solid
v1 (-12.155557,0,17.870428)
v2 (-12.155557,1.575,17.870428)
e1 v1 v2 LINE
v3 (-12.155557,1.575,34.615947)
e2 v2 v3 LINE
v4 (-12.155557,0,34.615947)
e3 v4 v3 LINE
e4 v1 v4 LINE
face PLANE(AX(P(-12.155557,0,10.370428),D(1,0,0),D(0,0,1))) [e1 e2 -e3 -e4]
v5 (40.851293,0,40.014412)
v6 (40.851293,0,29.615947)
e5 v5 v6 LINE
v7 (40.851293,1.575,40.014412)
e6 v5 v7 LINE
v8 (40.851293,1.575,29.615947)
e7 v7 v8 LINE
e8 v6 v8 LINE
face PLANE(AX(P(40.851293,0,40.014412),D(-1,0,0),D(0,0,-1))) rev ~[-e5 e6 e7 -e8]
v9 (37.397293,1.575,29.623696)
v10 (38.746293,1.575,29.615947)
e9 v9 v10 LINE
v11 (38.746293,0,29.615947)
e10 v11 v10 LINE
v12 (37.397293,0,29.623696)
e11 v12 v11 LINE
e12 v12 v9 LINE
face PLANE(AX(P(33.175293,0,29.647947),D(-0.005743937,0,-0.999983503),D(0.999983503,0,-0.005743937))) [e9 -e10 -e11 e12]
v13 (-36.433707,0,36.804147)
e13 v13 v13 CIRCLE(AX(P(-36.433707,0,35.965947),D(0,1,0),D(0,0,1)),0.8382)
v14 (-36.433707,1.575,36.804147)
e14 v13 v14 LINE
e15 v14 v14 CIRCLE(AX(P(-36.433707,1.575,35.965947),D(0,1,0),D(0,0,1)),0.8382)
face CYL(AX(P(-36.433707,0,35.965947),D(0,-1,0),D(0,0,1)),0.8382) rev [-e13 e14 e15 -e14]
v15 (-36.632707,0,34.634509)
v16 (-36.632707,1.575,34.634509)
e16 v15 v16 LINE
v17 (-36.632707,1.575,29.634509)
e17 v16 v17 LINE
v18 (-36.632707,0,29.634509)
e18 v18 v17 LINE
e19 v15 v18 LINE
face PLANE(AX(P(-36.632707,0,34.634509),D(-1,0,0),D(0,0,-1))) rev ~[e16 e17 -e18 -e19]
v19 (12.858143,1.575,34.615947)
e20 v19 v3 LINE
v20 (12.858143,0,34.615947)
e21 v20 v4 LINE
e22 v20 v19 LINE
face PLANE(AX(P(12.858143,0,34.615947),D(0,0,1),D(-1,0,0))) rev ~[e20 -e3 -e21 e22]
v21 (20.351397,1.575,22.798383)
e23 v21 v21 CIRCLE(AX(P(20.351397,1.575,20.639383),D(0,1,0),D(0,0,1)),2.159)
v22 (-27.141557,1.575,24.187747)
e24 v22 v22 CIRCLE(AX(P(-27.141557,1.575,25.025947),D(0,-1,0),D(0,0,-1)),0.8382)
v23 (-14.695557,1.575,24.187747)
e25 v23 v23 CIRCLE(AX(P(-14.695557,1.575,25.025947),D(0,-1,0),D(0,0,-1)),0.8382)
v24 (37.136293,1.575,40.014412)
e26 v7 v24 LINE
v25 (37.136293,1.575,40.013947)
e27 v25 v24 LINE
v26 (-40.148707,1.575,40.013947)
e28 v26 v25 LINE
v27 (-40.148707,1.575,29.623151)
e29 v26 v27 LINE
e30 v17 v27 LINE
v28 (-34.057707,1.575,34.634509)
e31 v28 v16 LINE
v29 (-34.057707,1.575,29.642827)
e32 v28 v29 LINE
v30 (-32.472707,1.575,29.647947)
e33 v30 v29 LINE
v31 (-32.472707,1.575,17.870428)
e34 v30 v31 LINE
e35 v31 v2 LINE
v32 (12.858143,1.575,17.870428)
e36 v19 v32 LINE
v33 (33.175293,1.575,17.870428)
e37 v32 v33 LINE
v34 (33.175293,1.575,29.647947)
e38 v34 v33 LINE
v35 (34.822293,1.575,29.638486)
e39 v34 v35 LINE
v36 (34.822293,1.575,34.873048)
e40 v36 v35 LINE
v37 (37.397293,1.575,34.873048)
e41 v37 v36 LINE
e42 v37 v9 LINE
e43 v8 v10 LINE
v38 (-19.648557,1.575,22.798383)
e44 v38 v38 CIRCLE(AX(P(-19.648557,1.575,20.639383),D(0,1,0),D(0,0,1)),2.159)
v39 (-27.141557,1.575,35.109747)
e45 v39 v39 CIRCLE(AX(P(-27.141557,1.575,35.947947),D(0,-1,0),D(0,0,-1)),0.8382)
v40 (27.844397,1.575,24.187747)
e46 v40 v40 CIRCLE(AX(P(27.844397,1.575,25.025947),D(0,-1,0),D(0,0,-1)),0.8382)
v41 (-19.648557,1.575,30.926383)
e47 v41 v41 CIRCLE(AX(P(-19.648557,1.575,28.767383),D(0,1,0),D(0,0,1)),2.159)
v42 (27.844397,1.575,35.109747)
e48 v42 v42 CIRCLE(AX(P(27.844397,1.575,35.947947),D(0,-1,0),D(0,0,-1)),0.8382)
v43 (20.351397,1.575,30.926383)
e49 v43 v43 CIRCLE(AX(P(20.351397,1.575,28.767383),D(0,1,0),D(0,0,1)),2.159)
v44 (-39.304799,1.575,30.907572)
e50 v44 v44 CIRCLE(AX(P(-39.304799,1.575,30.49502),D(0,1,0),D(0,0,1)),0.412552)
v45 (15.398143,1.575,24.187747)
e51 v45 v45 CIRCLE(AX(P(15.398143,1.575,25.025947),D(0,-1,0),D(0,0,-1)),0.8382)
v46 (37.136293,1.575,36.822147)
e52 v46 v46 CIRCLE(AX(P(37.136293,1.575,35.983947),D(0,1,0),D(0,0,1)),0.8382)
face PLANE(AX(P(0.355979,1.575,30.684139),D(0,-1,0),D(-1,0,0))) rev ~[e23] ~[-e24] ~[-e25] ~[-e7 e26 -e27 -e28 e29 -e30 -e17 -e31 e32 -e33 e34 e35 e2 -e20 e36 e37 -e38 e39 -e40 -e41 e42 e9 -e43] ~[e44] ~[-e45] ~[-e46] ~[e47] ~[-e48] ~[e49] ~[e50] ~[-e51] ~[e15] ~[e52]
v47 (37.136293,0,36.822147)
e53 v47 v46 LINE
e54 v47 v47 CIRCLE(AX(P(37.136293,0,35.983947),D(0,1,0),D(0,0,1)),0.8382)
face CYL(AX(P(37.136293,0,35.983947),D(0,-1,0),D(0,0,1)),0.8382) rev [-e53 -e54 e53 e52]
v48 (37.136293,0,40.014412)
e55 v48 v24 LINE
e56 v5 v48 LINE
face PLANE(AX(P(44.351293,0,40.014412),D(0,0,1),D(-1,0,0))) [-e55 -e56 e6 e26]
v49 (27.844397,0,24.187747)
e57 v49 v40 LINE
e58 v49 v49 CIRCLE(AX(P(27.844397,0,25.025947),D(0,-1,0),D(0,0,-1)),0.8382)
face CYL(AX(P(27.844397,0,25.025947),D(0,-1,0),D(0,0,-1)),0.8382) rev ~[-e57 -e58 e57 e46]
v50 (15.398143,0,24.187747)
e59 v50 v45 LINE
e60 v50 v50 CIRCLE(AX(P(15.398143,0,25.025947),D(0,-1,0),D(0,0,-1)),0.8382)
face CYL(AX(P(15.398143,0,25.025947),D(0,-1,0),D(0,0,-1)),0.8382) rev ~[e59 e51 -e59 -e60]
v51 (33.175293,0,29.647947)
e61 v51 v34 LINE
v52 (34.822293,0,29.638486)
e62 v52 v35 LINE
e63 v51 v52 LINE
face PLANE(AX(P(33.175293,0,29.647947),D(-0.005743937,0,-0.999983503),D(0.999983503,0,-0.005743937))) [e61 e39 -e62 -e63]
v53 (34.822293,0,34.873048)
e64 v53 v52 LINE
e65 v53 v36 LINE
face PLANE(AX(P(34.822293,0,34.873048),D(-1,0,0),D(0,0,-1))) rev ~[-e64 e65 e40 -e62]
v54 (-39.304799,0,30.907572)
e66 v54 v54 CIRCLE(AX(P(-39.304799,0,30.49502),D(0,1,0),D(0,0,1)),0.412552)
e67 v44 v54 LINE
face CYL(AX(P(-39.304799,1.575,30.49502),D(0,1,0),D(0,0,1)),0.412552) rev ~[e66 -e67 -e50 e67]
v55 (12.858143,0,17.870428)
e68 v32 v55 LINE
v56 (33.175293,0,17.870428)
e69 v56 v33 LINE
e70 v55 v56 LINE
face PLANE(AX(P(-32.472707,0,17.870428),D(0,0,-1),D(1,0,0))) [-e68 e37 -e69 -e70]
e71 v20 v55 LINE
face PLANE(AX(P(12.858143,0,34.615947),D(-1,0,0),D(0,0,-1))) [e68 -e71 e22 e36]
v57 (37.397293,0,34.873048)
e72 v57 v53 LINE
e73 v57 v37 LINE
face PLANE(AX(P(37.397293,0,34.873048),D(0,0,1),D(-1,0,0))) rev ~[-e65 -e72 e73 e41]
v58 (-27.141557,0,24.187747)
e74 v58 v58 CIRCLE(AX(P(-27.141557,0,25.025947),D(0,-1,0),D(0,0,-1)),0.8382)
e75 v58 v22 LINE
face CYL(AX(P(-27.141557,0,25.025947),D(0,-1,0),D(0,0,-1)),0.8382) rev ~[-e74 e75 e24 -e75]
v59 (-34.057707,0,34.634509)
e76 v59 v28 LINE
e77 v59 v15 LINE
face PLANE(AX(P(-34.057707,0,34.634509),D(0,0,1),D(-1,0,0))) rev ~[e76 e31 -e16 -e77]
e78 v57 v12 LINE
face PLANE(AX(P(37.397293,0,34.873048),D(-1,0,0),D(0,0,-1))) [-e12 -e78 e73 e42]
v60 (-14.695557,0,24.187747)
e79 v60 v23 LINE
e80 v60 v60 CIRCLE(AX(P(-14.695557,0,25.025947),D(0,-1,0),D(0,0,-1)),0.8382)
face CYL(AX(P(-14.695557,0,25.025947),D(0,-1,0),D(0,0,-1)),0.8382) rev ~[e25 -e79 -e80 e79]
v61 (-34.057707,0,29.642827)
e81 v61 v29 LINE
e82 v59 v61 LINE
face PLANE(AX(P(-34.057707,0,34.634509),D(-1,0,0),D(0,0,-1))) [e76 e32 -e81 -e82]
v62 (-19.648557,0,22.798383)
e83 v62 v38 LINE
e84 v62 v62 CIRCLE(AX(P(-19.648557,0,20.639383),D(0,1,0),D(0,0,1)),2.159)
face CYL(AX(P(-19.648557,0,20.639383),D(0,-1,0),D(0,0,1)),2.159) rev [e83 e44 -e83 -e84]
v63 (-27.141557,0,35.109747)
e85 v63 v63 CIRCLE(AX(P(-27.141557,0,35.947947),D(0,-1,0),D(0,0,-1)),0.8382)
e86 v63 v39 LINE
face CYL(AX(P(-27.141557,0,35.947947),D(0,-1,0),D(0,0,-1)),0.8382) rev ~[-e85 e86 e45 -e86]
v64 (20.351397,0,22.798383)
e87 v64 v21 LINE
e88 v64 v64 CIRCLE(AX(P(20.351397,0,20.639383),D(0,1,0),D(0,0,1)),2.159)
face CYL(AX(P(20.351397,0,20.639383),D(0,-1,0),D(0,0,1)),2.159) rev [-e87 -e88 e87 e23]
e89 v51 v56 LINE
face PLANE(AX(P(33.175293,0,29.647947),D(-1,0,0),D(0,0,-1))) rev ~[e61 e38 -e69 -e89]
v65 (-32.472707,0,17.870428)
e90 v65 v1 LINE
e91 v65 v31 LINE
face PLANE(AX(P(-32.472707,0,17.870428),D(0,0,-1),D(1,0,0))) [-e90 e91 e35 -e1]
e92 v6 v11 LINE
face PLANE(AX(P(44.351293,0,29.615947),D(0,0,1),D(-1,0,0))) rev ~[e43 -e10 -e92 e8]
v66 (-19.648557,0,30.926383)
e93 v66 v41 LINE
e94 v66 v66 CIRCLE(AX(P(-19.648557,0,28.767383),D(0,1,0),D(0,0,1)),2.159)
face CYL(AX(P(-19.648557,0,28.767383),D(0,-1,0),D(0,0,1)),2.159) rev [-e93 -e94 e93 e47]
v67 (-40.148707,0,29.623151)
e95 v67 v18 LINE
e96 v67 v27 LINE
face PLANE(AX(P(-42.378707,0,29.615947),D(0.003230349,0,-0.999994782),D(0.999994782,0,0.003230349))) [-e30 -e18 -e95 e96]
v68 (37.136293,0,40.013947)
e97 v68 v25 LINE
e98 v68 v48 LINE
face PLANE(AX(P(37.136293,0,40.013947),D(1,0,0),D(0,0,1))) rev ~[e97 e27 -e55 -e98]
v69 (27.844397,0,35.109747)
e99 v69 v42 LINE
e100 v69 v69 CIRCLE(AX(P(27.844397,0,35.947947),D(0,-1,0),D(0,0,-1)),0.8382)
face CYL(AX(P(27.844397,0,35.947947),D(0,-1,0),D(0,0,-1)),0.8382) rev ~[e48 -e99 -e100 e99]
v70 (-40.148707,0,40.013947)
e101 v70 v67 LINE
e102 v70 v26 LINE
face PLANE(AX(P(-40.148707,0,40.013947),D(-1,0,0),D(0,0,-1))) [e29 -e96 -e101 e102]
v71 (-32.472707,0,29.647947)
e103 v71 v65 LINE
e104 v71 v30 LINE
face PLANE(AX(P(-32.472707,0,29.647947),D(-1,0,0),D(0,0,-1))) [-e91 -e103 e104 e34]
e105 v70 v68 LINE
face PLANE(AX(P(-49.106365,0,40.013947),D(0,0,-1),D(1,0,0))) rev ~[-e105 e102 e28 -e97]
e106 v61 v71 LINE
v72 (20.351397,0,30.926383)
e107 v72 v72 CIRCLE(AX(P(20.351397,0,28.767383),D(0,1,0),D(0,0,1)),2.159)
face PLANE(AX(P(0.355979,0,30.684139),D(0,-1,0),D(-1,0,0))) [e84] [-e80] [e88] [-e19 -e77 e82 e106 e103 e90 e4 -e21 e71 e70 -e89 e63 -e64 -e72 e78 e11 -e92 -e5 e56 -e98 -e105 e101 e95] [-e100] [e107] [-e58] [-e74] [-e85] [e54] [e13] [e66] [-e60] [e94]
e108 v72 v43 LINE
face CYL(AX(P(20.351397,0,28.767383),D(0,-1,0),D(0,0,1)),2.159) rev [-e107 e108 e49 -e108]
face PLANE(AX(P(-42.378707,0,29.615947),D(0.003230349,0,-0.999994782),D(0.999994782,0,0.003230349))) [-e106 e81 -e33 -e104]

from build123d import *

# Parameters (mm, degrees)
SKETCH1_R           = 0.8382
SKETCH1_R_2         = 2.159
BOSS_EXTRUDE1_DEPTH = 1.575
SKETCH2_W           = 86.242658642
SKETCH2_H           = 6.602
CUT_EXTRUDE1_DEPTH  = 65.362755899
CUT_EXTRUDE2_DEPTH  = 60.755092082
CUT_EXTRUDE3_DEPTH  = 60.755092082
SKETCH6_R           = 0.8382
CUT_EXTRUDE4_DEPTH  = 2.54
SKETCH7_W           = 65.648
SKETCH7_H           = 7.5
CUT_EXTRUDE5_DEPTH  = 58.2054366
SKETCH11_R          = 0.412551942
ID_HOLE_DEPTH       = 58.2054366
SKETCH12_W          = 2.575
SKETCH12_H          = 5
CUT_EXTRUDE6_DEPTH  = 58.2054366
SKETCH14_W          = 2.575
SKETCH14_H          = 17.002619879
CUT_EXTRUDE7_DEPTH  = 58.2054366


with BuildPart() as part:
    # Sketch1 → Boss-Extrude1 (new body)
    with BuildSketch(Plane(origin=(0, 0, 0), x_dir=(1, 0, 0), z_dir=(0, 1, 0))):
        Polygon((44.351293299, -40.014412246), (37.136293299, -40.014412246), (37.136293299, -46.615946892), (29.968293307, -46.615946892), (-30.083706693, -46.615946892), (-36.433706701, -46.615946892), (-36.433706701, -40.014412246), (-43.648706701, -40.014412246), (-43.648706701, -30.885946892), (-43.648706701, -29.647946892), (-42.378706693, -29.615946892), (-32.472706701, -29.647946892), (-32.472706701, -10.370428445), (-12.155556701, -10.370428445), (-12.155556701, -34.615947016), (-11.557706701, -34.615947016), (12.260293299, -34.615947016), (12.858143299, -34.615947016), (12.858143299, -10.370428445), (33.175293299, -10.370428445), (33.175293299, -12.929386892), (33.175293299, -29.647946892), (38.746293307, -29.615946892), (42.351293307, -29.615946892), (44.351293299, -29.615946892), (44.351293299, -31.651946892), align=None)
        with Locations(Location((-36.433706701, -35.965946892, 0), (0, 0, 270))):
            Circle(SKETCH1_R, mode=Mode.SUBTRACT)
        with Locations(Location((37.136293299, -35.983946892, 0), (0, 0, 270))):
            Circle(SKETCH1_R, mode=Mode.SUBTRACT)
        with Locations(Location((-19.648556701, -28.76738335, 0), (0, 0, 270))):
            Circle(SKETCH1_R_2, mode=Mode.SUBTRACT)
        with Locations(Location((-19.648556701, -20.63938335, 0), (0, 0, 270))):
            Circle(SKETCH1_R_2, mode=Mode.SUBTRACT)
        with Locations(Location((20.351397299, -20.63938335, 0), (0, 0, 270))):
            Circle(SKETCH1_R_2, mode=Mode.SUBTRACT)
        with Locations(Location((20.351397299, -28.76738335, 0), (0, 0, 270))):
            Circle(SKETCH1_R_2, mode=Mode.SUBTRACT)
    extrude(amount=BOSS_EXTRUDE1_DEPTH)

    # Sketch2 → Cut-Extrude1 (cut, through all)
    with BuildSketch(Plane.XZ):
        with Locations((-5.985036022, 43.314946892)):
            Rectangle(SKETCH2_W, SKETCH2_H)
    extrude(amount=-CUT_EXTRUDE1_DEPTH, mode=Mode.SUBTRACT)

    # Sketch3 → Cut-Extrude2 (cut, through all)
    with BuildSketch(Plane.XZ):
        Polygon((-40.148706701, 40.013946892), (-40.148706701, 29.623150607), (-34.773706693, 29.640513821), (-34.773706693, 8.975624969), (-46.772834391, 8.975624969), (-46.772834391, 40.013946892), align=None)
    extrude(amount=-CUT_EXTRUDE2_DEPTH, mode=Mode.SUBTRACT)

    # Sketch4 → Cut-Extrude3 (cut, through all)
    with BuildSketch(Plane.XZ):
        Polygon((40.851293299, 40.014412246), (40.851293299, 32.420104455), (40.851293299, 29.615946892), (35.476293307, 29.615946892), (35.476293307, 10.370428445), (54.710892309, 10.370428445), (54.710892309, 40.014412246), align=None)
    extrude(amount=-CUT_EXTRUDE3_DEPTH, mode=Mode.SUBTRACT)

    # Sketch6 → Cut-Extrude4 (cut)
    with BuildSketch(Plane(origin=(0, 0, 0), x_dir=(-1, 0, 0), z_dir=(0, -1, 0))):
        with Locations(Location((27.141556701, -35.947946892, 0), (0, 0, 90))):
            Circle(SKETCH6_R)
        with Locations(Location((27.141556701, -25.025946892, 0), (0, 0, 90))):
            Circle(SKETCH6_R)
        with Locations(Location((14.695556701, -25.025946892, 0), (0, 0, 90))):
            Circle(SKETCH6_R)
        with Locations(Location((-15.398143299, -25.025946892, 0), (0, 0, 90))):
            Circle(SKETCH6_R)
        with Locations(Location((-27.844397299, -25.025946892, 0), (0, 0, 90))):
            Circle(SKETCH6_R)
        with Locations(Location((-27.844397299, -35.947946892, 0), (0, 0, 90))):
            Circle(SKETCH6_R)
    extrude(amount=-CUT_EXTRUDE4_DEPTH, mode=Mode.SUBTRACT)

    # Sketch7 → Cut-Extrude5 (cut, through all)
    with BuildSketch(Plane.XZ):
        with Locations((0.351293299, 14.120428445)):
            Rectangle(SKETCH7_W, SKETCH7_H)
    extrude(amount=-CUT_EXTRUDE5_DEPTH, mode=Mode.SUBTRACT)

    # Sketch11 → ID HOLE (cut, through all)
    with BuildSketch(Plane(origin=(0, 1.575, 0), x_dir=(1, 0, 0), z_dir=(0, 1, 0))):
        with Locations(Location((-39.304798754, -30.495020326, 0), (0, 0, 270))):
            Circle(SKETCH11_R)
    extrude(amount=-ID_HOLE_DEPTH, mode=Mode.SUBTRACT)

    # Sketch12 → Cut-Extrude6 (cut, through all)
    with BuildSketch(Plane(origin=(0, 0, 0), x_dir=(-1, 0, 0), z_dir=(0, -1, 0))):
        with Locations((35.345206701, -32.134508572)):
            Rectangle(SKETCH12_W, SKETCH12_H)
    extrude(amount=-CUT_EXTRUDE6_DEPTH, mode=Mode.SUBTRACT)

    # Sketch14 → Cut-Extrude7 (cut, through all)
    with BuildSketch(Plane(origin=(0, 0, 0), x_dir=(-1, 0, 0), z_dir=(0, -1, 0))):
        with Locations((-36.109793299, -26.371738385)):
            Rectangle(SKETCH14_W, SKETCH14_H)
    extrude(amount=-CUT_EXTRUDE7_DEPTH, mode=Mode.SUBTRACT)


solid = part.part
